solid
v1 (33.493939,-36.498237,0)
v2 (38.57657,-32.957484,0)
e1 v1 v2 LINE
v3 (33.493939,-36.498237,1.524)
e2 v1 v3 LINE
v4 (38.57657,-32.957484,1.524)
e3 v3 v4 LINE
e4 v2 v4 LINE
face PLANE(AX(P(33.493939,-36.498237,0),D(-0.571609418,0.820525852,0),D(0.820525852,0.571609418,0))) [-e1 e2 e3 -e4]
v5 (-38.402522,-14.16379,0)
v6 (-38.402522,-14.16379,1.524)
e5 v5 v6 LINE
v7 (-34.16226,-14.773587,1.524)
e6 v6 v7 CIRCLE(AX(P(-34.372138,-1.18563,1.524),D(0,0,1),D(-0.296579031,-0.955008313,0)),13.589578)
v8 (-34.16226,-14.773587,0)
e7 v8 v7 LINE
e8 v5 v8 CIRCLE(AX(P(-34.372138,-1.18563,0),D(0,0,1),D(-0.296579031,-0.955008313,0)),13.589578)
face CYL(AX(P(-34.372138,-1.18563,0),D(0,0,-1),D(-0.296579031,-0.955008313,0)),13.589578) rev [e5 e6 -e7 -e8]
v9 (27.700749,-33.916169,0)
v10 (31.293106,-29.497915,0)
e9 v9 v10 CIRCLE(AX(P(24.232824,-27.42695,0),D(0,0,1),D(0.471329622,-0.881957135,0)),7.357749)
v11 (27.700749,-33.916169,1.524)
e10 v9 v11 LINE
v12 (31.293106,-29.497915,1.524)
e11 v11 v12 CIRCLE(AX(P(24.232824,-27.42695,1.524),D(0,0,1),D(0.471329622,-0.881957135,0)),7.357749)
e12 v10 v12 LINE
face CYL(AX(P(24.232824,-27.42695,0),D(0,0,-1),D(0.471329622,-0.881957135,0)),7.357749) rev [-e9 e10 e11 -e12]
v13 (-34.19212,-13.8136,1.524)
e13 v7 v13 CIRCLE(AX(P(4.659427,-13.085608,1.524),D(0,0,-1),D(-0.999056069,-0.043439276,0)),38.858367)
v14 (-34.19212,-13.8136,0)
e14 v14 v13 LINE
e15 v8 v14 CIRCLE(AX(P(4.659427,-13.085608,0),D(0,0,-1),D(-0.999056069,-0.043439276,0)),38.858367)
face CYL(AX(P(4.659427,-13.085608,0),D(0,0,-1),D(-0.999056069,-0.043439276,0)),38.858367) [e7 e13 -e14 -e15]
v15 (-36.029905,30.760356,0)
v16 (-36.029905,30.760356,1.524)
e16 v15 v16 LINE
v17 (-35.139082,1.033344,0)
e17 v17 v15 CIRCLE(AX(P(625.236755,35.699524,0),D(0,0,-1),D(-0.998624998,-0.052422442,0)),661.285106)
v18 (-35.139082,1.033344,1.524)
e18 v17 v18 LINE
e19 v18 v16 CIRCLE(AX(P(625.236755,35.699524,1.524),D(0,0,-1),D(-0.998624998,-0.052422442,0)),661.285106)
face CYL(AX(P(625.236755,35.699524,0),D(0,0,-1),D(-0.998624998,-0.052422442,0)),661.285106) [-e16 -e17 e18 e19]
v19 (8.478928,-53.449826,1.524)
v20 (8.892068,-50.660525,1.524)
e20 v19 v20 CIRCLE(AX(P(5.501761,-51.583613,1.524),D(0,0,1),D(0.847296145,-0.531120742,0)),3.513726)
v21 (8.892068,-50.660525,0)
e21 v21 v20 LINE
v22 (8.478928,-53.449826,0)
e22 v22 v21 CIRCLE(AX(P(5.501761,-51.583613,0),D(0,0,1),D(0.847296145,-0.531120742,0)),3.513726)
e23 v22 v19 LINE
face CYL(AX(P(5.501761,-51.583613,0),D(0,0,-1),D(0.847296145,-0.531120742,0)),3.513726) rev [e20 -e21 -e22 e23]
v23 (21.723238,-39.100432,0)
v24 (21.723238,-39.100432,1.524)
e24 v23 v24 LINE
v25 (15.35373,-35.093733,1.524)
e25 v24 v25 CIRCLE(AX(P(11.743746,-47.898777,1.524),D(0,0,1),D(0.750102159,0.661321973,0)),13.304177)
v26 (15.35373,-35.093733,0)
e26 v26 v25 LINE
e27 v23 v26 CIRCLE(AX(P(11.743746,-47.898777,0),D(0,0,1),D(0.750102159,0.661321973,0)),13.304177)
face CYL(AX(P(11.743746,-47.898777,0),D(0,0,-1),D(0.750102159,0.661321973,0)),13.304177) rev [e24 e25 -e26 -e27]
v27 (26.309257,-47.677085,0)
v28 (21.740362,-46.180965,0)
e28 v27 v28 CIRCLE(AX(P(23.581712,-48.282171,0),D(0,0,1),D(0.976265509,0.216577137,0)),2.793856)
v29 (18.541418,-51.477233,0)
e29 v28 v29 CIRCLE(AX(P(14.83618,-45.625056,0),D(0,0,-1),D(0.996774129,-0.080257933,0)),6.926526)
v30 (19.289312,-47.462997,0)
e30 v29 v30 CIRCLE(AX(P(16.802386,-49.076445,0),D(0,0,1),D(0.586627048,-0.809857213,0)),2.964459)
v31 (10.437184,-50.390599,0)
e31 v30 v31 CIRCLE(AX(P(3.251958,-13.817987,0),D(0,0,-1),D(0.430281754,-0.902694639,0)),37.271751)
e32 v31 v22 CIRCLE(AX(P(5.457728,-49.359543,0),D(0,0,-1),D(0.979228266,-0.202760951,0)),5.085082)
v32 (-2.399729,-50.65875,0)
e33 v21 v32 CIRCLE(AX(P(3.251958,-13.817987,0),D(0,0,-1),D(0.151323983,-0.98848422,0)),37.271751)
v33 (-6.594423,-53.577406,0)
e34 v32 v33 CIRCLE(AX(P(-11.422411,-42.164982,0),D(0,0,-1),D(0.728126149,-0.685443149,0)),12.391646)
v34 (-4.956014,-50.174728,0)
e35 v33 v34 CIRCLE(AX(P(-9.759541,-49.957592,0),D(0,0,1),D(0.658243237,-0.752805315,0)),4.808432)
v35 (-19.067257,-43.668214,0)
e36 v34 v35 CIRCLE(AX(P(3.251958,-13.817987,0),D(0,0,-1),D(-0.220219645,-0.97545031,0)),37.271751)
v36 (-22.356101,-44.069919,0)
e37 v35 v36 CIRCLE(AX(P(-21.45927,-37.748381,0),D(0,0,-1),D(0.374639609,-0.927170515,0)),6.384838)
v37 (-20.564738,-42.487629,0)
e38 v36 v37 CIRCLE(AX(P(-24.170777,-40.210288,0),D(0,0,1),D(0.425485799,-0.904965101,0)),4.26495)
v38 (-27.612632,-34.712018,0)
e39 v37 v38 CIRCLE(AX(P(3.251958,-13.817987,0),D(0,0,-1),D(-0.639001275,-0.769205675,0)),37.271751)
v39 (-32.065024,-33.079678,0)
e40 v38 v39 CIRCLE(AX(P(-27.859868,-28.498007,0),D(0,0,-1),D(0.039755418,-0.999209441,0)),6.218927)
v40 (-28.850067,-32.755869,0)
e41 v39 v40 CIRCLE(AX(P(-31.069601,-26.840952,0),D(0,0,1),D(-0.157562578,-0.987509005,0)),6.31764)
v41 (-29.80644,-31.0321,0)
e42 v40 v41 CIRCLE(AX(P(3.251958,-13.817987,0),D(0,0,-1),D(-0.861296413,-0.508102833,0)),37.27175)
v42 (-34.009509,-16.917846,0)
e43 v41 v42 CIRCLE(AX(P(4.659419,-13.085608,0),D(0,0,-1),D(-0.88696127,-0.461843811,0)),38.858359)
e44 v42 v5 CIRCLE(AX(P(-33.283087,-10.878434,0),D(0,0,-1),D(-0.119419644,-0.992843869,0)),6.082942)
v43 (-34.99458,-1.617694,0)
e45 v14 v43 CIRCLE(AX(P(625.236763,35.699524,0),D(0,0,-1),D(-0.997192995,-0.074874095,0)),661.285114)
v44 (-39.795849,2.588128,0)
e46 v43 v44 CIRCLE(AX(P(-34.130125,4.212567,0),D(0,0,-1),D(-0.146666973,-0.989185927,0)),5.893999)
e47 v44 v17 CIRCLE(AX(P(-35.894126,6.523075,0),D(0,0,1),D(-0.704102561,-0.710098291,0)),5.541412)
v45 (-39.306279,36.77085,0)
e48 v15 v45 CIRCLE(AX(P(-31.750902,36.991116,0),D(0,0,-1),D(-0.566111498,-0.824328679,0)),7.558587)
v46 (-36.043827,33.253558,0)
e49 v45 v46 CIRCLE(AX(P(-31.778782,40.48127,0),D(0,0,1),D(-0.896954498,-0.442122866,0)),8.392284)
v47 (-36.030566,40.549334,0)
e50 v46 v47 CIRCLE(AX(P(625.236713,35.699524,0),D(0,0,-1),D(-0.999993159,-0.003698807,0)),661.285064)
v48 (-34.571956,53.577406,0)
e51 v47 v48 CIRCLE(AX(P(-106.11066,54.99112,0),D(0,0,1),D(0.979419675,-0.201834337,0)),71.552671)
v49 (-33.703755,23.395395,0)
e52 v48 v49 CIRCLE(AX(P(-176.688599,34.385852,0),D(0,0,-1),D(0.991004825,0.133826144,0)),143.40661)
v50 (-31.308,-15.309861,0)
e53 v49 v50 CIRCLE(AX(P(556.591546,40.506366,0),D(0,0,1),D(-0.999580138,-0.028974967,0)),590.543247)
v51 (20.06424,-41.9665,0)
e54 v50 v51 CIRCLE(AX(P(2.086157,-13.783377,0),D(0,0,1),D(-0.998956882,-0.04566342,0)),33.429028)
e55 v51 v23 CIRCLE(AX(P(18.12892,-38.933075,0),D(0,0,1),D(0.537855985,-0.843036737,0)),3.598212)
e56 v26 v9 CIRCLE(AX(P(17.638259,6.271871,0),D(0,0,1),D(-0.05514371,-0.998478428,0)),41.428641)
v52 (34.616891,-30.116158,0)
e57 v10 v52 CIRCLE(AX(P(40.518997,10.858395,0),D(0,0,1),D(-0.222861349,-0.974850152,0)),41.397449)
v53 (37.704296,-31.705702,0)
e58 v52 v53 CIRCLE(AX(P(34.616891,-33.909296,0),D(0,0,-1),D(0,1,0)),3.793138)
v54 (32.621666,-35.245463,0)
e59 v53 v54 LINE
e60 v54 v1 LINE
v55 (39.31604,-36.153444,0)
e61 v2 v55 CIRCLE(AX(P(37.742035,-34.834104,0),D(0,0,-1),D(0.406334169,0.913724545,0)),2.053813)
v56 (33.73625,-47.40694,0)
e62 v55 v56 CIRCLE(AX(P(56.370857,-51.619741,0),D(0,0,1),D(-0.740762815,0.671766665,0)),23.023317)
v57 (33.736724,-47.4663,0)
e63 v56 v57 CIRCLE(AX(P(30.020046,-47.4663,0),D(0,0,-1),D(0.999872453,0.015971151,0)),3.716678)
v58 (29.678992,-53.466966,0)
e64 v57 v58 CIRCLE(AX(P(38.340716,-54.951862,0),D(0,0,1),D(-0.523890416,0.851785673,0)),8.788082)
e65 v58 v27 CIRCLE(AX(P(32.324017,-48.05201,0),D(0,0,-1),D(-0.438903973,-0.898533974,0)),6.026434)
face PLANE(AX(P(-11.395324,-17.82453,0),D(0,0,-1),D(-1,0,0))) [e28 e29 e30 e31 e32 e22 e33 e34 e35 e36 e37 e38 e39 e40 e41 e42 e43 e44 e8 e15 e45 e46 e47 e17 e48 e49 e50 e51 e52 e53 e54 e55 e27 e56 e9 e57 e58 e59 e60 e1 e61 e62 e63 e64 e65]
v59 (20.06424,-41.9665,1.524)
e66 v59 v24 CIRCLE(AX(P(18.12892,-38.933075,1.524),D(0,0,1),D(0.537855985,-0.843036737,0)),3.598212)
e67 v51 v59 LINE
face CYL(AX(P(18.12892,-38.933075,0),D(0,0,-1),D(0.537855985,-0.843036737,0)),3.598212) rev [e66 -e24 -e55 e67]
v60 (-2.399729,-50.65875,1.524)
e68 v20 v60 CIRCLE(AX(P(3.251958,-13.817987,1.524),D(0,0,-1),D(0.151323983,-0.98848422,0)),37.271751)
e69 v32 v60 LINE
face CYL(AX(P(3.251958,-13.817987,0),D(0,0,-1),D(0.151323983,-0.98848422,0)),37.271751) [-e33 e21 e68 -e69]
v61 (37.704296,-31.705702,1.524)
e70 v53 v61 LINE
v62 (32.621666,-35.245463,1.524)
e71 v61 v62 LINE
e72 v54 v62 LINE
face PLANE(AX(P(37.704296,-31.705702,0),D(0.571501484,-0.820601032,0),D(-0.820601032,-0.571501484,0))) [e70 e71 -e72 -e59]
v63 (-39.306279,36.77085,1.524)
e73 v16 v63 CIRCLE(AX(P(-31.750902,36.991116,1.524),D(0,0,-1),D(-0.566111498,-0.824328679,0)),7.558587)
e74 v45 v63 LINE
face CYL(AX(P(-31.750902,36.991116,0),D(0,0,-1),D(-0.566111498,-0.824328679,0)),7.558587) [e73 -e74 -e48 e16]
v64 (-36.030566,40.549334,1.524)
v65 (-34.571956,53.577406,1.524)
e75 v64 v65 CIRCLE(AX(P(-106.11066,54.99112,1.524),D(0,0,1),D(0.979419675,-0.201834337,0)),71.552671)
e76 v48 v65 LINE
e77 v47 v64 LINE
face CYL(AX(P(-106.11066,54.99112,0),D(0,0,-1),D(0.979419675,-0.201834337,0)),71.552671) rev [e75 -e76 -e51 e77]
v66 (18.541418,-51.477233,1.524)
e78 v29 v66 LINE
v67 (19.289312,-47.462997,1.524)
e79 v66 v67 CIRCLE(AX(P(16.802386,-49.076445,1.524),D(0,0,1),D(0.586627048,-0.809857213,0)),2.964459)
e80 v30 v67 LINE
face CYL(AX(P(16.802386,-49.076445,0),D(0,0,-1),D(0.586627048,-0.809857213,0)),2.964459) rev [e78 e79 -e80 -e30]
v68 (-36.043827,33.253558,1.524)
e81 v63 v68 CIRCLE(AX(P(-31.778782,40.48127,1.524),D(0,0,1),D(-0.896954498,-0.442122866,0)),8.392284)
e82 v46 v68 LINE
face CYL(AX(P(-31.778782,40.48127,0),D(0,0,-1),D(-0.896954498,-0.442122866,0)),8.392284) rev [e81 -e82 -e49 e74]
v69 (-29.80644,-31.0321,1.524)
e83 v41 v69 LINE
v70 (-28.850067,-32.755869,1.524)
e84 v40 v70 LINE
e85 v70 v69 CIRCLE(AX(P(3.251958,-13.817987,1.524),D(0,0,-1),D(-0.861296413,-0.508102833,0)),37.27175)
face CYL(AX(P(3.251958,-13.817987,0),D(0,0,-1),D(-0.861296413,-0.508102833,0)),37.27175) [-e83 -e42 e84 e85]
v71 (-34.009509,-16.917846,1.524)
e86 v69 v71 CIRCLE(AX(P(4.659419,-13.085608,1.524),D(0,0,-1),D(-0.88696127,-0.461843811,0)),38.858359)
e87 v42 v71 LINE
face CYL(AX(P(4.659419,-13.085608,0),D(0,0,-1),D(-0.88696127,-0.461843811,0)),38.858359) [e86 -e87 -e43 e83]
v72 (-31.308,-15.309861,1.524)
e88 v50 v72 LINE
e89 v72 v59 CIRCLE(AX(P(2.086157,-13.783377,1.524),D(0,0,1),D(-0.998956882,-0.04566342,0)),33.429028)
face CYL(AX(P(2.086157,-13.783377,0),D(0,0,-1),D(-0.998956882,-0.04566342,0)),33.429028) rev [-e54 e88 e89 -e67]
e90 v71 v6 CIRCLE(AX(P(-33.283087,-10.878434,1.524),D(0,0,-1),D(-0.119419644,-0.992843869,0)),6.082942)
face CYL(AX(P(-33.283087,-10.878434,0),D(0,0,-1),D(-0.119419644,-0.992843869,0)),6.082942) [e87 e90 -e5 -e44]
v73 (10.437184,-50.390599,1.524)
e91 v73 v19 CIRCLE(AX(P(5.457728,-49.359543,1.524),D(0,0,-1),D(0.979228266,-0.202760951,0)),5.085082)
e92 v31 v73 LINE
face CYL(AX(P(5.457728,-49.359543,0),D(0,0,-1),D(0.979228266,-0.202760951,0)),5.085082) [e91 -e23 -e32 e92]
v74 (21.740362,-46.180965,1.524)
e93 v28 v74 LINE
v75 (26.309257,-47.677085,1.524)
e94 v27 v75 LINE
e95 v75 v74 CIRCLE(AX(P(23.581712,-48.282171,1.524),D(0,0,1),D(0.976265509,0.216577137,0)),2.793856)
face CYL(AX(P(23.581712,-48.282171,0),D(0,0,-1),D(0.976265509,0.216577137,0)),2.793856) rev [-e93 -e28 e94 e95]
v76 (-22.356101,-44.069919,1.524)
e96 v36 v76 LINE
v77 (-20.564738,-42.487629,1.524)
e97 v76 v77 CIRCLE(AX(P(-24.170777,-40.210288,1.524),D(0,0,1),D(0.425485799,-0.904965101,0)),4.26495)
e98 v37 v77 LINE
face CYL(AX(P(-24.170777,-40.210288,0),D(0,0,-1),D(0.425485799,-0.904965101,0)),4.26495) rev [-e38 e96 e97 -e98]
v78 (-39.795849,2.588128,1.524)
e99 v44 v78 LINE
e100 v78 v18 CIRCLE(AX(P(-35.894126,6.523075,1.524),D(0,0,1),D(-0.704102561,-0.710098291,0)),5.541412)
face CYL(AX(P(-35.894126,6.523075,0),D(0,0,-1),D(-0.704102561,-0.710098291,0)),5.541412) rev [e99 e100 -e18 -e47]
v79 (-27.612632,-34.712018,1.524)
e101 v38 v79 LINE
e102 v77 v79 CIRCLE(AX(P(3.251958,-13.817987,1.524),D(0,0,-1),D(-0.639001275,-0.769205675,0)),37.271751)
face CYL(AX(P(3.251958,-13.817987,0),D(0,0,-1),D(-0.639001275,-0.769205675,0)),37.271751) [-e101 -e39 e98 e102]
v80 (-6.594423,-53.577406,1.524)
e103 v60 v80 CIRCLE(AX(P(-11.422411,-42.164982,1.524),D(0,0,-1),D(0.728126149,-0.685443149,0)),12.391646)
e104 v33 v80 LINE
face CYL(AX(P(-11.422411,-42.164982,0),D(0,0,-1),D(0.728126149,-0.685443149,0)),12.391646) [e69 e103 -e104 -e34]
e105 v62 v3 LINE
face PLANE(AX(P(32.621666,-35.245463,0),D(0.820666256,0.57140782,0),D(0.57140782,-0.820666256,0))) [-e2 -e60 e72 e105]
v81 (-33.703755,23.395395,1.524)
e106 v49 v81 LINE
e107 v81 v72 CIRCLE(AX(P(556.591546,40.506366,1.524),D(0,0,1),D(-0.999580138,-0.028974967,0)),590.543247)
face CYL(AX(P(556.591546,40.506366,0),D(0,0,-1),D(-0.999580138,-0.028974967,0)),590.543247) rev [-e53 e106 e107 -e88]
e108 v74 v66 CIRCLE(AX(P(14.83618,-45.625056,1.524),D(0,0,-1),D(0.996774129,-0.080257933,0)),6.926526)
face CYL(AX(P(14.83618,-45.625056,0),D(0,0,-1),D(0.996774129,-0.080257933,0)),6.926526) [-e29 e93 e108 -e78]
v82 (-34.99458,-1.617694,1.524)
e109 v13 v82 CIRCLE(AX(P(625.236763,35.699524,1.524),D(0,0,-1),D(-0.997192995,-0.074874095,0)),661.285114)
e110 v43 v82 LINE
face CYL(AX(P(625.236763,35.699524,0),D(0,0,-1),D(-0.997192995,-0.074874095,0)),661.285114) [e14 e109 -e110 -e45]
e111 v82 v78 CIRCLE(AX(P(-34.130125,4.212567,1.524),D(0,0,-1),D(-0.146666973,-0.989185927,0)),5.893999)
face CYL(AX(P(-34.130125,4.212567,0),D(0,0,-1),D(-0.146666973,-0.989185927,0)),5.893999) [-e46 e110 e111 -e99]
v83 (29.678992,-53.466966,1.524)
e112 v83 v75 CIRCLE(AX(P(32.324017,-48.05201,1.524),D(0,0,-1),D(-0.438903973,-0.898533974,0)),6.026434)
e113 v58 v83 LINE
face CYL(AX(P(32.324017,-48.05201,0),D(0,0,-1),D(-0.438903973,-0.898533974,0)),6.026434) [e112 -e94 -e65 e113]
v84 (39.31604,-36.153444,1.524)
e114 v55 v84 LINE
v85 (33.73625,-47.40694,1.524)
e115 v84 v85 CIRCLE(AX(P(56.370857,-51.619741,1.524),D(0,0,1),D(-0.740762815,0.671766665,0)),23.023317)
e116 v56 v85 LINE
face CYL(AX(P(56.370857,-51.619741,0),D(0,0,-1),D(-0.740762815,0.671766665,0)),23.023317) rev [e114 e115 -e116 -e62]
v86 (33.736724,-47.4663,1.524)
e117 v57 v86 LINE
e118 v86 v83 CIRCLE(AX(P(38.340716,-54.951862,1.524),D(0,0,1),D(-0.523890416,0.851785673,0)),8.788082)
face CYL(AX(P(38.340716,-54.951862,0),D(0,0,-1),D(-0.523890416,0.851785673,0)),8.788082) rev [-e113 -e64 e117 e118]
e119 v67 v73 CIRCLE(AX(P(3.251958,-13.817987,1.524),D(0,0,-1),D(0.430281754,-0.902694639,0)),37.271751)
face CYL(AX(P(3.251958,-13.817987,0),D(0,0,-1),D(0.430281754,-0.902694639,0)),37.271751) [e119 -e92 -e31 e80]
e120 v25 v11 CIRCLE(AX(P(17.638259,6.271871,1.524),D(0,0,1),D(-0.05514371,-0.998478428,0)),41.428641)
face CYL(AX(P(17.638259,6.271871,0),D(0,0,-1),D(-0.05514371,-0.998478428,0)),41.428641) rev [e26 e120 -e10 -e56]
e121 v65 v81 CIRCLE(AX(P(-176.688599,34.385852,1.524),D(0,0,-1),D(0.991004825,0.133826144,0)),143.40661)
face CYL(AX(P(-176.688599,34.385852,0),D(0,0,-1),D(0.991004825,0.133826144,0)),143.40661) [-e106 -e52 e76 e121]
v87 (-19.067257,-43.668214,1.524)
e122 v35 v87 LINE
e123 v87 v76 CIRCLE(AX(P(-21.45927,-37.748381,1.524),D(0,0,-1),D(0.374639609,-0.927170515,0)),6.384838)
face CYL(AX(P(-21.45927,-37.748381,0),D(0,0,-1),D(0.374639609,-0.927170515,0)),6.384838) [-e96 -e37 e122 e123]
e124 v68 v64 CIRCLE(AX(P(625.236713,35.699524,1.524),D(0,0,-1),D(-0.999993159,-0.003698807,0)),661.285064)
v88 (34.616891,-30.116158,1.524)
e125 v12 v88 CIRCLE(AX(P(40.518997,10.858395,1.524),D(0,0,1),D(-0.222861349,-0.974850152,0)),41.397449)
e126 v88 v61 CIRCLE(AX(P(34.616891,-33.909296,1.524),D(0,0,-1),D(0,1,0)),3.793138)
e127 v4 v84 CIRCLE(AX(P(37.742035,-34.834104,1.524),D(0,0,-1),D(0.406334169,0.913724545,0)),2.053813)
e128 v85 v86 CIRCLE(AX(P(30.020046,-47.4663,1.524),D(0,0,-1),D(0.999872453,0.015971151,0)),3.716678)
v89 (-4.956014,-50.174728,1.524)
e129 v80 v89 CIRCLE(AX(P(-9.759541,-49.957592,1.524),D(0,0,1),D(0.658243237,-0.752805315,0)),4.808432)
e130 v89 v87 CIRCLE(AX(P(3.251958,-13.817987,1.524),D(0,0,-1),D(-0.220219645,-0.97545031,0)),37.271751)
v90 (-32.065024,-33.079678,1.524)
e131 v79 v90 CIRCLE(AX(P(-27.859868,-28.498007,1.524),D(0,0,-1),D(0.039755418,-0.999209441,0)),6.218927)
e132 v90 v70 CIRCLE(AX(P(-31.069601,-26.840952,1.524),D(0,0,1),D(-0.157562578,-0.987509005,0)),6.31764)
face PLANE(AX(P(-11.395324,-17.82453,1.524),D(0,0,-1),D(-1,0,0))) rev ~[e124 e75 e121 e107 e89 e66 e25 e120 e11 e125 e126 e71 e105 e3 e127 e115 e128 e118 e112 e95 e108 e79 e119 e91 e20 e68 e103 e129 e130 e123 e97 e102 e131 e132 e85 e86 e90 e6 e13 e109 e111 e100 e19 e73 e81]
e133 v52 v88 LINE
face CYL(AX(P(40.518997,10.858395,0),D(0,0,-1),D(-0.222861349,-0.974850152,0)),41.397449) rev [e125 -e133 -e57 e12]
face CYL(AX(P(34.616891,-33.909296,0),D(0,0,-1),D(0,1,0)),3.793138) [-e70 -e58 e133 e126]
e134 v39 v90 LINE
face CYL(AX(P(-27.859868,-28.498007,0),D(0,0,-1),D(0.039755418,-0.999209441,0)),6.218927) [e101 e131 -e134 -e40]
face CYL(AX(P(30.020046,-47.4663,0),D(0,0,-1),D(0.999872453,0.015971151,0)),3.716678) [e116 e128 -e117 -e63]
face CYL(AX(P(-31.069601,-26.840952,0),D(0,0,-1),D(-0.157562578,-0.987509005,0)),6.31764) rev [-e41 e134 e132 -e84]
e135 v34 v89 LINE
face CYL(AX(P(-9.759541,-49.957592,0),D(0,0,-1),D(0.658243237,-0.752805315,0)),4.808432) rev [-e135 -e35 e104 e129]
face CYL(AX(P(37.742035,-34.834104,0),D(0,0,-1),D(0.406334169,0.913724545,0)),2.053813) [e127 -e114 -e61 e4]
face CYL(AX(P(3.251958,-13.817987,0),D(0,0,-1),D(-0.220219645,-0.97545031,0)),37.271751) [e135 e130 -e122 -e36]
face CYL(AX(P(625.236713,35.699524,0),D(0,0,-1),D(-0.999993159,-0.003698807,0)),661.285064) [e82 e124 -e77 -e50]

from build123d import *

# Parameters (mm, degrees)
BOSS_EXTRUDE1_DEPTH = 1.524


with BuildPart() as part:
    # Sketch1 → Boss-Extrude1 (new body)
    with BuildSketch(Plane.XY):
        with BuildLine():
            Line((37.704296416, -31.705702494), (32.621666071, -35.245462588))
            Line((32.621666071, -35.245462588), (33.493939306, -36.4982372))
            Line((33.493939306, -36.4982372), (38.576569651, -32.957484201))
            ThreePointArc((38.576569651, -32.957484201), (39.742986246, -34.371130843), (39.316039794, -36.153444291))
            ThreePointArc((39.316039794, -36.153444291), (35.743862713, -41.392315435), (33.736249861, -47.406940162))
            ThreePointArc((33.736249861, -47.406940162), (33.736605397, -47.436618983), (33.736723912, -47.466299698))
            ThreePointArc((33.736723912, -47.466299698), (31.060825363, -50.029100651), (29.678991539, -53.46696584))
            ThreePointArc((29.678991539, -53.46696584), (27.115500093, -51.083388449), (26.30925741, -47.677085129))
            ThreePointArc((26.30925741, -47.677085129), (24.451153983, -45.627042683), (21.740362101, -46.180964831))
            ThreePointArc((21.740362101, -46.180964831), (20.76513964, -49.206145699), (18.541417724, -51.477233316))
            ThreePointArc((18.541417724, -51.477233316), (19.716696181, -49.619411518), (19.289312359, -47.462996819))
            ThreePointArc((19.289312359, -47.462996819), (14.95515305, -49.204688548), (10.437184098, -50.390598976))
            ThreePointArc((10.437184098, -50.390598976), (9.740523804, -52.101024231), (8.47892764, -53.449825638))
            ThreePointArc((8.47892764, -53.449825638), (8.977567303, -52.098435339), (8.892067822, -50.66052467))
            ThreePointArc((8.892067822, -50.66052467), (3.246101629, -51.089737509), (-2.399729403, -50.658750414))
            ThreePointArc((-2.399729403, -50.658750414), (-4.344989088, -52.336657488), (-6.594422726, -53.577405529))
            ThreePointArc((-6.594422726, -53.577405529), (-5.427176524, -52.043650888), (-4.956013668, -50.174728054))
            ThreePointArc((-4.956013668, -50.174728054), (-12.354481608, -47.665032068), (-19.067256704, -43.668214296))
            ThreePointArc((-19.067256704, -43.668214296), (-20.685168003, -44.086118721), (-22.356101471, -44.069919276))
            ThreePointArc((-22.356101471, -44.069919276), (-21.34731349, -43.406825821), (-20.564738203, -42.48762941))
            ThreePointArc((-20.564738203, -42.48762941), (-24.363722181, -38.849120016), (-27.612631699, -34.712017549))
            ThreePointArc((-27.612631699, -34.712017549), (-30.00052566, -34.336897034), (-32.065024234, -33.079678433))
            ThreePointArc((-32.065024234, -33.079678433), (-30.436493757, -33.12678938), (-28.850067174, -32.755869369))
            ThreePointArc((-28.850067174, -32.755869369), (-29.339652087, -31.900308765), (-29.806440493, -31.032100312))
            ThreePointArc((-29.806440493, -31.032100312), (-32.582725704, -24.1759064), (-34.009509312, -16.917845842))
            ThreePointArc((-34.009509312, -16.917845842), (-36.514142372, -16.032312472), (-38.402522283, -14.16378968))
            ThreePointArc((-38.402522283, -14.16378968), (-36.306570998, -14.636822999), (-34.162260401, -14.773586932))
            ThreePointArc((-34.162260401, -14.773586932), (-34.180156343, -14.293685665), (-34.192120126, -13.813599883))
            ThreePointArc((-34.192120126, -13.813599883), (-34.621527317, -7.717500789), (-34.994580248, -1.617693725))
            ThreePointArc((-34.994580248, -1.617693725), (-38.013814487, -0.220962087), (-39.79584853, 2.588128395))
            ThreePointArc((-39.79584853, 2.588128395), (-37.649043689, 1.2668877), (-35.139082483, 1.033343809))
            ThreePointArc((-35.139082483, 1.033343809), (-35.751631039, 15.891841194), (-36.02990482, 30.760355712))
            ThreePointArc((-36.02990482, 30.760355712), (-38.387515912, 33.373438153), (-39.306278852, 36.770849603))
            ThreePointArc((-39.306278852, 36.770849603), (-37.931736179, 34.774118143), (-36.043826919, 33.253558144))
            ThreePointArc((-36.043826919, 33.253558144), (-36.047258198, 36.901464596), (-36.030566217, 40.549334472))
            ThreePointArc((-36.030566217, 40.549334472), (-35.002266591, 47.029894856), (-34.571956243, 53.577405529))
            ThreePointArc((-34.571956243, 53.577405529), (-33.341283224, 38.509314077), (-33.703754569, 23.395394975))
            ThreePointArc((-33.703754569, 23.395394975), (-32.823671192, 4.023096585), (-31.30799989, -15.309860564))
            ThreePointArc((-31.30799989, -15.309860564), (-13.310528761, -43.455618792), (20.06424012, -41.96649978))
            ThreePointArc((20.06424012, -41.96649978), (21.243050758, -40.73566209), (21.723238049, -39.10043241))
            ThreePointArc((21.723238049, -39.10043241), (18.8276625, -36.637371423), (15.353729803, -35.093733252))
            ThreePointArc((15.353729803, -35.093733252), (21.571557105, -34.969630573), (27.700749295, -33.916169174))
            ThreePointArc((27.700749295, -33.916169174), (29.941679247, -32.068657032), (31.293105646, -29.497914951))
            ThreePointArc((31.293105646, -29.497914951), (32.948684374, -29.840980808), (34.616890834, -30.116157682))
            ThreePointArc((34.616890834, -30.116157682), (36.353174649, -30.536876005), (37.704296416, -31.705702494))
        make_face()
    extrude(amount=BOSS_EXTRUDE1_DEPTH)


solid = part.part
